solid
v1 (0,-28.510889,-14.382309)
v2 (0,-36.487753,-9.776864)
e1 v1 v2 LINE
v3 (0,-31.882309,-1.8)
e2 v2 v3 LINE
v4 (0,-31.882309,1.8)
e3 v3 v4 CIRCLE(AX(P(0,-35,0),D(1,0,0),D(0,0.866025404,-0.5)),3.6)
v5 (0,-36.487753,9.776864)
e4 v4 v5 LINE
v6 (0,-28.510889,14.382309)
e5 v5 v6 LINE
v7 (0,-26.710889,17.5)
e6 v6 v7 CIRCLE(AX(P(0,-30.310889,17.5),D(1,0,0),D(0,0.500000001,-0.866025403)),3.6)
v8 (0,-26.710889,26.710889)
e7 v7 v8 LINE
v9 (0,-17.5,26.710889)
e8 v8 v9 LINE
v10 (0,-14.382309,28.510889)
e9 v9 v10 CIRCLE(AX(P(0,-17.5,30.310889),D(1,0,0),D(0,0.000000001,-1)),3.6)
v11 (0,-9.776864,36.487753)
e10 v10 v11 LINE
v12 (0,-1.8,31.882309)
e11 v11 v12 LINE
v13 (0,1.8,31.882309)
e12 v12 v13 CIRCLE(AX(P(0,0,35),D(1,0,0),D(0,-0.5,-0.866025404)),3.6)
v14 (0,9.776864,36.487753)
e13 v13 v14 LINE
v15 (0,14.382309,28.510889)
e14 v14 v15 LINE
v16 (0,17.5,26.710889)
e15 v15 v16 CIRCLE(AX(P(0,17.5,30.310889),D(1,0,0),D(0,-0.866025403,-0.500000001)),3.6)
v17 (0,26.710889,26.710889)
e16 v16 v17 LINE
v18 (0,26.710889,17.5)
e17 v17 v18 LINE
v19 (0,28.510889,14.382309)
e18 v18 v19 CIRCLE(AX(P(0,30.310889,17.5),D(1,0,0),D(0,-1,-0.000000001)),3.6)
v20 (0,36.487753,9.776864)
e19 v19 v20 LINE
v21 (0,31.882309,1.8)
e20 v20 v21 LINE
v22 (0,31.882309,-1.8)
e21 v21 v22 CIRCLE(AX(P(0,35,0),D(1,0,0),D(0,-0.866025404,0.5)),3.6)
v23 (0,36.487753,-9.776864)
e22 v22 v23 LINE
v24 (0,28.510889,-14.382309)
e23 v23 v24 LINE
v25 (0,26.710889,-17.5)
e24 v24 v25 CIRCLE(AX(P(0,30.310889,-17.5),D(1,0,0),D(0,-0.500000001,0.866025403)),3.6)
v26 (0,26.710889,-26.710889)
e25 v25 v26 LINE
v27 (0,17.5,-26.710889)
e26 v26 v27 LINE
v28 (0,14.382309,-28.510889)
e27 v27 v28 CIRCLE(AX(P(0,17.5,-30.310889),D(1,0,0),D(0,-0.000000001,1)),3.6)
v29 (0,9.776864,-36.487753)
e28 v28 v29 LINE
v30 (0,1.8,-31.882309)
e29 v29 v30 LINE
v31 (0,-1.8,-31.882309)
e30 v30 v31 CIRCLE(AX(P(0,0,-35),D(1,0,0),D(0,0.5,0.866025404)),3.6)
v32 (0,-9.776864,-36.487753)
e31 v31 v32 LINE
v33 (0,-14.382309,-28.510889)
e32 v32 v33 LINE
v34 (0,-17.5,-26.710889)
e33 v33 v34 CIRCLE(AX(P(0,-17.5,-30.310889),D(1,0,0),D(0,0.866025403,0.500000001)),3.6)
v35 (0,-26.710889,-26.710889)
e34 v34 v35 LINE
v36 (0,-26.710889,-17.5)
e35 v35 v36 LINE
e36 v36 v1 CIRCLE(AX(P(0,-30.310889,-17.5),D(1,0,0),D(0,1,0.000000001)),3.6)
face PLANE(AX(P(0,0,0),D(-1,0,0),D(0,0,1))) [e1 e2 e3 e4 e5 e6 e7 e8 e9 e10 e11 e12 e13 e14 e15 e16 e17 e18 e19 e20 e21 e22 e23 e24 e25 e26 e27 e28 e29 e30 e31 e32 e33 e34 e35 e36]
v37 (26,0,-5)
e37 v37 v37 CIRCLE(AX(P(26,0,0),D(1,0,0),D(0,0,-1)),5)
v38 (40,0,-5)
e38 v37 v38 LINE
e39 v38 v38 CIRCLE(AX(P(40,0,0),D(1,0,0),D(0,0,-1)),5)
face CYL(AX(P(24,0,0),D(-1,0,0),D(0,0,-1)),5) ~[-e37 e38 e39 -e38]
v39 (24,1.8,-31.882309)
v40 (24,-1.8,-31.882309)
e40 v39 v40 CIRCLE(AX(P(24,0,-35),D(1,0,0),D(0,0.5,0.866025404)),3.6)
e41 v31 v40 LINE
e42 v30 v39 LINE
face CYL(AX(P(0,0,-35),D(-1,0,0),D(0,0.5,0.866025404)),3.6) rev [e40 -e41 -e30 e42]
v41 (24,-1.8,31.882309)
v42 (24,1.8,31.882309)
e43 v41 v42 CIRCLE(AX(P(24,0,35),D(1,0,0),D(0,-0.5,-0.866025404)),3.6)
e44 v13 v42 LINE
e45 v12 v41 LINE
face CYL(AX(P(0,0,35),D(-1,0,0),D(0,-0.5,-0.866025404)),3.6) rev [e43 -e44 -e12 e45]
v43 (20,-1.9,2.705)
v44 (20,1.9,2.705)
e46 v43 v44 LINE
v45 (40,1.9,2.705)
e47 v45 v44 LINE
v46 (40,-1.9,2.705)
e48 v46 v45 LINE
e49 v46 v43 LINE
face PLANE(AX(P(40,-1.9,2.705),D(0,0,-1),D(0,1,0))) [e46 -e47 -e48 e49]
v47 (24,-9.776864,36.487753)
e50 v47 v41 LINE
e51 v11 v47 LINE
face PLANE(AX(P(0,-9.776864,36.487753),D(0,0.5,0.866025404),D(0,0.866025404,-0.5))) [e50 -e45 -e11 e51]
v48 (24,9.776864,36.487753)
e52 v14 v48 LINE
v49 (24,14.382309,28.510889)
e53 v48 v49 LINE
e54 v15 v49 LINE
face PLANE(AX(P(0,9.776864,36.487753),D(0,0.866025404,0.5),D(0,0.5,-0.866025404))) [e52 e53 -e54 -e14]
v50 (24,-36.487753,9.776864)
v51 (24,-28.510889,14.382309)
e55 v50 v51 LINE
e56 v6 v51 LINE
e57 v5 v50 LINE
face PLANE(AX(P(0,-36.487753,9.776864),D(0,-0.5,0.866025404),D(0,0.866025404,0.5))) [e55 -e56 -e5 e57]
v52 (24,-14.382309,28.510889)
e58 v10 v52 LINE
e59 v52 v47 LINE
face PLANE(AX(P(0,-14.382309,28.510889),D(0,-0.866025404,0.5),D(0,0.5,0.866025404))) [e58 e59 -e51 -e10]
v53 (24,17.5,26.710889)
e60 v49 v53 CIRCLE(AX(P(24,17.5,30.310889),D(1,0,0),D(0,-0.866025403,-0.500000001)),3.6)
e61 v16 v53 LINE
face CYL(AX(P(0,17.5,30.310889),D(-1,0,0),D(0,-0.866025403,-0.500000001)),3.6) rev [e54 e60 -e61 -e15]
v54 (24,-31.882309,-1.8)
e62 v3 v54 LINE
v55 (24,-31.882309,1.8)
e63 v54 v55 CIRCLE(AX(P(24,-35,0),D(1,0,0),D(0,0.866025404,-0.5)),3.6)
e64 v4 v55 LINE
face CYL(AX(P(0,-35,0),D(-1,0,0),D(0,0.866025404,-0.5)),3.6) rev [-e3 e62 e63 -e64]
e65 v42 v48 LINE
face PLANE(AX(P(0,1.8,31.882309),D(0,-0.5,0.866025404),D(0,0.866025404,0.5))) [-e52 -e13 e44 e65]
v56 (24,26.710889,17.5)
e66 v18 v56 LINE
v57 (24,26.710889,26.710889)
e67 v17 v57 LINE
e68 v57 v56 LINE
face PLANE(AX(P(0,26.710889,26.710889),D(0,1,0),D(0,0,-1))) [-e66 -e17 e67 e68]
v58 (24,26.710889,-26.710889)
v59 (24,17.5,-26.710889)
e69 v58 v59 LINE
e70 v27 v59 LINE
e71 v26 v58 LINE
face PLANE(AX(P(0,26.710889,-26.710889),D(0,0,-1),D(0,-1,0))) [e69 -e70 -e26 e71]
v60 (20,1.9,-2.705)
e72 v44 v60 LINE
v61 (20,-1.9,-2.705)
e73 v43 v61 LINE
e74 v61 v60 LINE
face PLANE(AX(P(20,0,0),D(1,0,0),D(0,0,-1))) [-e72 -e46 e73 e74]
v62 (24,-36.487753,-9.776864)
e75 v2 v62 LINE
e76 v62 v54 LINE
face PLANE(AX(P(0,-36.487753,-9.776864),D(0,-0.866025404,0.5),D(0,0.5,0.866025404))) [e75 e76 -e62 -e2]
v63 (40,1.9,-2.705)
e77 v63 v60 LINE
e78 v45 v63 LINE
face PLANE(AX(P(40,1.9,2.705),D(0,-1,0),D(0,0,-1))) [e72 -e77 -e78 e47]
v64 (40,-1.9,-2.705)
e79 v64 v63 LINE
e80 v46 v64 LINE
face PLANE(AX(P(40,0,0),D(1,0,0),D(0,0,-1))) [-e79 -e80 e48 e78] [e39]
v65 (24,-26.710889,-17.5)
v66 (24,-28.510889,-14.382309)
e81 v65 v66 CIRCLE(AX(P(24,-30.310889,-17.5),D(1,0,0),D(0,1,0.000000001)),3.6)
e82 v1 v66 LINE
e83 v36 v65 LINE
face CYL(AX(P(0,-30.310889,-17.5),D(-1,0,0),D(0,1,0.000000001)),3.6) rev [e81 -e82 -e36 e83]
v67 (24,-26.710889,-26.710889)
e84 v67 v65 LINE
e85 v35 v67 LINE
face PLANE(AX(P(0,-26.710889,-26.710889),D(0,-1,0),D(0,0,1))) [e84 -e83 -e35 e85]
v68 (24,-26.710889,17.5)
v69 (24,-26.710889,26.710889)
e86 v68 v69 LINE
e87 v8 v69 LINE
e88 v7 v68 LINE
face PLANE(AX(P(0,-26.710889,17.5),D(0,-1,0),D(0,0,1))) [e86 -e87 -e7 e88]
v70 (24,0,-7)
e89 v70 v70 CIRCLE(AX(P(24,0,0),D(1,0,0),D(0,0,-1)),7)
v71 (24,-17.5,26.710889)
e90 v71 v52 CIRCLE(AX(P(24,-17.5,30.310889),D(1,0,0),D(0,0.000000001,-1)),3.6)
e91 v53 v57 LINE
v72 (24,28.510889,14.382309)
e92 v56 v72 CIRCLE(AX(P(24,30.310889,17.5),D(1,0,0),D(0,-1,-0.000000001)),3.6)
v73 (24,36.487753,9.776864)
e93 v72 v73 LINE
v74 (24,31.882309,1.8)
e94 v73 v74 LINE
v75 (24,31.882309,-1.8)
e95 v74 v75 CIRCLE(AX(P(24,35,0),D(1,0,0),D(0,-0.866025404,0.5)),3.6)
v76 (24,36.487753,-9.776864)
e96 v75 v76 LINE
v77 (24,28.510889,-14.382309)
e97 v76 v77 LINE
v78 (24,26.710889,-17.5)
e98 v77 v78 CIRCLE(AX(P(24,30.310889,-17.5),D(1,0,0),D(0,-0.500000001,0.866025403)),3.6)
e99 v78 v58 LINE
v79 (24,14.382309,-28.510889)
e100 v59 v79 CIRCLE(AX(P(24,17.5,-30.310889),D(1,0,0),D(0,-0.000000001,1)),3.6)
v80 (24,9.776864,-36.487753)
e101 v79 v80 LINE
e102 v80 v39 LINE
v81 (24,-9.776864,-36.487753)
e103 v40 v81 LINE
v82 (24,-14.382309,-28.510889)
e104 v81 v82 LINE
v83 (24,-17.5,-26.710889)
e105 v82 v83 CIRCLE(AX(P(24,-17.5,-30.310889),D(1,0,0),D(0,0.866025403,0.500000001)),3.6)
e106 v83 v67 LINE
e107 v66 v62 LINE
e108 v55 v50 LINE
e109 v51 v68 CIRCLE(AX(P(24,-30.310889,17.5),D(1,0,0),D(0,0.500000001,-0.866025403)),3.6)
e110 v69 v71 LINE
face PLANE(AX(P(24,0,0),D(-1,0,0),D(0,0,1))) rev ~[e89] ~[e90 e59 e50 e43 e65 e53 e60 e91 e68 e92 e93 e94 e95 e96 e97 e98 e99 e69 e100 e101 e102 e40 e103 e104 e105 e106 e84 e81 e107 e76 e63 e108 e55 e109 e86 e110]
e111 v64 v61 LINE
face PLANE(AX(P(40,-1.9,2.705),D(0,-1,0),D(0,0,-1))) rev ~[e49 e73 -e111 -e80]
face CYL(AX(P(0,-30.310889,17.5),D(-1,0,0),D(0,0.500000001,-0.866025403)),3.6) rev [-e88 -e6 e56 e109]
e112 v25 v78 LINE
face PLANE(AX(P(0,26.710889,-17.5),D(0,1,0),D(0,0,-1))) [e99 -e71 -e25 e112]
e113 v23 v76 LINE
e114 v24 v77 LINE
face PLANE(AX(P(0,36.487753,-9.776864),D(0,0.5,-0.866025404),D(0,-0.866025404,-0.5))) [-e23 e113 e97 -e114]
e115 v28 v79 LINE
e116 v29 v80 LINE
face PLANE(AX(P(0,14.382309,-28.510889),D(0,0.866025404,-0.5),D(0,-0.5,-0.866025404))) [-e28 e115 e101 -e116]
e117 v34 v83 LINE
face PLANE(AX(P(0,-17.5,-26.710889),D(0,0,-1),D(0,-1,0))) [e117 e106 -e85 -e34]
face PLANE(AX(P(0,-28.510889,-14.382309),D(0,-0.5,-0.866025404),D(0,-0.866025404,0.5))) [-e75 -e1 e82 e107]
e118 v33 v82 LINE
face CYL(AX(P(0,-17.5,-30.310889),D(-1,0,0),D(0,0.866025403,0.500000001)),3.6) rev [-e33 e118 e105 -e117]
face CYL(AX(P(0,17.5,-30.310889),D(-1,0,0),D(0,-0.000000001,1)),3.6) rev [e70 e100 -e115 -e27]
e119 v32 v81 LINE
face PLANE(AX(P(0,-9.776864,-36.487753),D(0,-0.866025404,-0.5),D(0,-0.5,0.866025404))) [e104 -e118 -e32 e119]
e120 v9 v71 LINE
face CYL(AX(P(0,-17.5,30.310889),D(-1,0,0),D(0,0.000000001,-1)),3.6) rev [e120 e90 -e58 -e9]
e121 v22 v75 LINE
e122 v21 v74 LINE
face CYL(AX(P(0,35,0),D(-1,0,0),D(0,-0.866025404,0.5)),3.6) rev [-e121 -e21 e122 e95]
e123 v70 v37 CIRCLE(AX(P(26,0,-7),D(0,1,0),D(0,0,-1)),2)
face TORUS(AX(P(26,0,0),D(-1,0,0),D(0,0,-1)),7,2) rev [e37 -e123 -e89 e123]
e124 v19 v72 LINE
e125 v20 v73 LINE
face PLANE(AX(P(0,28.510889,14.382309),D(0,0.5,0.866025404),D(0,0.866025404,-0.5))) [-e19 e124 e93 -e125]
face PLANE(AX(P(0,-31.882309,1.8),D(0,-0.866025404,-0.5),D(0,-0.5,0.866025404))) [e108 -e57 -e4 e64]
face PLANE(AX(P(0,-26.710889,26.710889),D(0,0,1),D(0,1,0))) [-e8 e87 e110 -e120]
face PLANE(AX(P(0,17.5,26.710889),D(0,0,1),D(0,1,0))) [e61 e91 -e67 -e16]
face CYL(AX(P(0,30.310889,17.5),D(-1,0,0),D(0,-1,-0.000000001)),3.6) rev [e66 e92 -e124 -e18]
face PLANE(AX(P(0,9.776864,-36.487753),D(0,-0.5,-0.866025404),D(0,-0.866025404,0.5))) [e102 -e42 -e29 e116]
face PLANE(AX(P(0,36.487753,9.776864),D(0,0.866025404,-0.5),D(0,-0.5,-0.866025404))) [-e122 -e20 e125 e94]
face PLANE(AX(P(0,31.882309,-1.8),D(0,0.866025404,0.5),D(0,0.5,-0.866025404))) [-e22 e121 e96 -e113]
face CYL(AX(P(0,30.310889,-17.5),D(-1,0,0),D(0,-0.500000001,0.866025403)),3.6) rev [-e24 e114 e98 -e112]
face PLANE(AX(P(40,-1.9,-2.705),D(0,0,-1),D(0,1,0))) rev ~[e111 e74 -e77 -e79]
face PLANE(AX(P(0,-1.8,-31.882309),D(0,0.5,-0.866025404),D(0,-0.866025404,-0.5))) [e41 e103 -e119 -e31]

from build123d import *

# Parameters (mm, degrees)
BOSS_EXTRUDE1_DEPTH = 24
SKETCH2_R           = 5
BOSS_EXTRUDE2_DEPTH = 16
FILLET1_R           = 2
SKETCH4_W           = 5.41
SKETCH4_H           = 3.8
CUT_EXTRUDE1_DEPTH  = 20


with BuildPart() as part:
    # Sketch1 → Boss-Extrude1 (new body)
    with BuildSketch(Plane(origin=(0, 0, 0), x_dir=(0, 0, -1), z_dir=(1, 0, 0))):
        with BuildLine():
            Line((1.8, 31.882308546), (9.77686398, 36.487753113))
            Line((9.77686398, 36.487753113), (14.382308546, 28.510889132))
            ThreePointArc((14.382308546, 28.510889132), (15.7, 27.193197679), (17.5, 26.710889132))
            Line((17.5, 26.710889132), (26.710889132, 26.710889132))
            Line((26.710889132, 26.710889132), (26.710889132, 17.5))
            ThreePointArc((26.710889132, 17.5), (27.193197679, 15.7), (28.510889132, 14.382308546))
            Line((28.510889132, 14.382308546), (36.487753113, 9.77686398))
            Line((36.487753113, 9.77686398), (31.882308546, 1.8))
            ThreePointArc((31.882308546, 1.8), (31.4, 0), (31.882308546, -1.8))
            Line((31.882308546, -1.8), (36.487753113, -9.77686398))
            Line((36.487753113, -9.77686398), (28.510889132, -14.382308546))
            ThreePointArc((28.510889132, -14.382308546), (27.193197679, -15.7), (26.710889132, -17.5))
            Line((26.710889132, -17.5), (26.710889132, -26.710889132))
            Line((26.710889132, -26.710889132), (17.5, -26.710889132))
            ThreePointArc((17.5, -26.710889132), (15.7, -27.193197679), (14.382308546, -28.510889132))
            Line((14.382308546, -28.510889132), (9.77686398, -36.487753113))
            Line((9.77686398, -36.487753113), (1.8, -31.882308546))
            ThreePointArc((1.8, -31.882308546), (0, -31.4), (-1.8, -31.882308546))
            Line((-1.8, -31.882308546), (-9.77686398, -36.487753113))
            Line((-9.77686398, -36.487753113), (-14.382308546, -28.510889132))
            ThreePointArc((-14.382308546, -28.510889132), (-15.7, -27.193197679), (-17.5, -26.710889132))
            Line((-17.5, -26.710889132), (-26.710889132, -26.710889132))
            Line((-26.710889132, -26.710889132), (-26.710889132, -17.5))
            ThreePointArc((-26.710889132, -17.5), (-27.193197679, -15.7), (-28.510889132, -14.382308546))
            Line((-28.510889132, -14.382308546), (-36.487753113, -9.77686398))
            Line((-36.487753113, -9.77686398), (-31.882308546, -1.8))
            ThreePointArc((-31.882308546, -1.8), (-31.4, 0), (-31.882308546, 1.8))
            Line((-31.882308546, 1.8), (-36.487753113, 9.77686398))
            Line((-36.487753113, 9.77686398), (-28.510889132, 14.382308546))
            ThreePointArc((-28.510889132, 14.382308546), (-27.193197679, 15.7), (-26.710889132, 17.5))
            Line((-26.710889132, 17.5), (-26.710889132, 26.710889132))
            Line((-26.710889132, 26.710889132), (-17.5, 26.710889132))
            ThreePointArc((-17.5, 26.710889132), (-15.7, 27.193197679), (-14.382308546, 28.510889132))
            Line((-14.382308546, 28.510889132), (-9.77686398, 36.487753113))
            Line((-9.77686398, 36.487753113), (-1.8, 31.882308546))
            ThreePointArc((-1.8, 31.882308546), (0, 31.4), (1.8, 31.882308546))
        make_face()
    extrude(amount=BOSS_EXTRUDE1_DEPTH)

    # Sketch2 → Boss-Extrude2 (add)
    with BuildSketch(Plane(origin=(24, 0, 0), x_dir=(0, 0, -1), z_dir=(1, 0, 0))):
        Circle(SKETCH2_R)
    extrude(amount=BOSS_EXTRUDE2_DEPTH)

    # Fillet1
    fillet1_edges = [part.edges().sort_by_distance(p)[0] for p in [
        (24, 0, 5),
    ]]
    fillet(fillet1_edges, radius=FILLET1_R)

    # Sketch4 → Cut-Extrude1 (cut)
    with BuildSketch(Plane(origin=(40, 0, 0), x_dir=(0, 0, -1), z_dir=(1, 0, 0))):
        Rectangle(SKETCH4_W, SKETCH4_H)
    extrude(amount=-CUT_EXTRUDE1_DEPTH, mode=Mode.SUBTRACT)


solid = part.part
